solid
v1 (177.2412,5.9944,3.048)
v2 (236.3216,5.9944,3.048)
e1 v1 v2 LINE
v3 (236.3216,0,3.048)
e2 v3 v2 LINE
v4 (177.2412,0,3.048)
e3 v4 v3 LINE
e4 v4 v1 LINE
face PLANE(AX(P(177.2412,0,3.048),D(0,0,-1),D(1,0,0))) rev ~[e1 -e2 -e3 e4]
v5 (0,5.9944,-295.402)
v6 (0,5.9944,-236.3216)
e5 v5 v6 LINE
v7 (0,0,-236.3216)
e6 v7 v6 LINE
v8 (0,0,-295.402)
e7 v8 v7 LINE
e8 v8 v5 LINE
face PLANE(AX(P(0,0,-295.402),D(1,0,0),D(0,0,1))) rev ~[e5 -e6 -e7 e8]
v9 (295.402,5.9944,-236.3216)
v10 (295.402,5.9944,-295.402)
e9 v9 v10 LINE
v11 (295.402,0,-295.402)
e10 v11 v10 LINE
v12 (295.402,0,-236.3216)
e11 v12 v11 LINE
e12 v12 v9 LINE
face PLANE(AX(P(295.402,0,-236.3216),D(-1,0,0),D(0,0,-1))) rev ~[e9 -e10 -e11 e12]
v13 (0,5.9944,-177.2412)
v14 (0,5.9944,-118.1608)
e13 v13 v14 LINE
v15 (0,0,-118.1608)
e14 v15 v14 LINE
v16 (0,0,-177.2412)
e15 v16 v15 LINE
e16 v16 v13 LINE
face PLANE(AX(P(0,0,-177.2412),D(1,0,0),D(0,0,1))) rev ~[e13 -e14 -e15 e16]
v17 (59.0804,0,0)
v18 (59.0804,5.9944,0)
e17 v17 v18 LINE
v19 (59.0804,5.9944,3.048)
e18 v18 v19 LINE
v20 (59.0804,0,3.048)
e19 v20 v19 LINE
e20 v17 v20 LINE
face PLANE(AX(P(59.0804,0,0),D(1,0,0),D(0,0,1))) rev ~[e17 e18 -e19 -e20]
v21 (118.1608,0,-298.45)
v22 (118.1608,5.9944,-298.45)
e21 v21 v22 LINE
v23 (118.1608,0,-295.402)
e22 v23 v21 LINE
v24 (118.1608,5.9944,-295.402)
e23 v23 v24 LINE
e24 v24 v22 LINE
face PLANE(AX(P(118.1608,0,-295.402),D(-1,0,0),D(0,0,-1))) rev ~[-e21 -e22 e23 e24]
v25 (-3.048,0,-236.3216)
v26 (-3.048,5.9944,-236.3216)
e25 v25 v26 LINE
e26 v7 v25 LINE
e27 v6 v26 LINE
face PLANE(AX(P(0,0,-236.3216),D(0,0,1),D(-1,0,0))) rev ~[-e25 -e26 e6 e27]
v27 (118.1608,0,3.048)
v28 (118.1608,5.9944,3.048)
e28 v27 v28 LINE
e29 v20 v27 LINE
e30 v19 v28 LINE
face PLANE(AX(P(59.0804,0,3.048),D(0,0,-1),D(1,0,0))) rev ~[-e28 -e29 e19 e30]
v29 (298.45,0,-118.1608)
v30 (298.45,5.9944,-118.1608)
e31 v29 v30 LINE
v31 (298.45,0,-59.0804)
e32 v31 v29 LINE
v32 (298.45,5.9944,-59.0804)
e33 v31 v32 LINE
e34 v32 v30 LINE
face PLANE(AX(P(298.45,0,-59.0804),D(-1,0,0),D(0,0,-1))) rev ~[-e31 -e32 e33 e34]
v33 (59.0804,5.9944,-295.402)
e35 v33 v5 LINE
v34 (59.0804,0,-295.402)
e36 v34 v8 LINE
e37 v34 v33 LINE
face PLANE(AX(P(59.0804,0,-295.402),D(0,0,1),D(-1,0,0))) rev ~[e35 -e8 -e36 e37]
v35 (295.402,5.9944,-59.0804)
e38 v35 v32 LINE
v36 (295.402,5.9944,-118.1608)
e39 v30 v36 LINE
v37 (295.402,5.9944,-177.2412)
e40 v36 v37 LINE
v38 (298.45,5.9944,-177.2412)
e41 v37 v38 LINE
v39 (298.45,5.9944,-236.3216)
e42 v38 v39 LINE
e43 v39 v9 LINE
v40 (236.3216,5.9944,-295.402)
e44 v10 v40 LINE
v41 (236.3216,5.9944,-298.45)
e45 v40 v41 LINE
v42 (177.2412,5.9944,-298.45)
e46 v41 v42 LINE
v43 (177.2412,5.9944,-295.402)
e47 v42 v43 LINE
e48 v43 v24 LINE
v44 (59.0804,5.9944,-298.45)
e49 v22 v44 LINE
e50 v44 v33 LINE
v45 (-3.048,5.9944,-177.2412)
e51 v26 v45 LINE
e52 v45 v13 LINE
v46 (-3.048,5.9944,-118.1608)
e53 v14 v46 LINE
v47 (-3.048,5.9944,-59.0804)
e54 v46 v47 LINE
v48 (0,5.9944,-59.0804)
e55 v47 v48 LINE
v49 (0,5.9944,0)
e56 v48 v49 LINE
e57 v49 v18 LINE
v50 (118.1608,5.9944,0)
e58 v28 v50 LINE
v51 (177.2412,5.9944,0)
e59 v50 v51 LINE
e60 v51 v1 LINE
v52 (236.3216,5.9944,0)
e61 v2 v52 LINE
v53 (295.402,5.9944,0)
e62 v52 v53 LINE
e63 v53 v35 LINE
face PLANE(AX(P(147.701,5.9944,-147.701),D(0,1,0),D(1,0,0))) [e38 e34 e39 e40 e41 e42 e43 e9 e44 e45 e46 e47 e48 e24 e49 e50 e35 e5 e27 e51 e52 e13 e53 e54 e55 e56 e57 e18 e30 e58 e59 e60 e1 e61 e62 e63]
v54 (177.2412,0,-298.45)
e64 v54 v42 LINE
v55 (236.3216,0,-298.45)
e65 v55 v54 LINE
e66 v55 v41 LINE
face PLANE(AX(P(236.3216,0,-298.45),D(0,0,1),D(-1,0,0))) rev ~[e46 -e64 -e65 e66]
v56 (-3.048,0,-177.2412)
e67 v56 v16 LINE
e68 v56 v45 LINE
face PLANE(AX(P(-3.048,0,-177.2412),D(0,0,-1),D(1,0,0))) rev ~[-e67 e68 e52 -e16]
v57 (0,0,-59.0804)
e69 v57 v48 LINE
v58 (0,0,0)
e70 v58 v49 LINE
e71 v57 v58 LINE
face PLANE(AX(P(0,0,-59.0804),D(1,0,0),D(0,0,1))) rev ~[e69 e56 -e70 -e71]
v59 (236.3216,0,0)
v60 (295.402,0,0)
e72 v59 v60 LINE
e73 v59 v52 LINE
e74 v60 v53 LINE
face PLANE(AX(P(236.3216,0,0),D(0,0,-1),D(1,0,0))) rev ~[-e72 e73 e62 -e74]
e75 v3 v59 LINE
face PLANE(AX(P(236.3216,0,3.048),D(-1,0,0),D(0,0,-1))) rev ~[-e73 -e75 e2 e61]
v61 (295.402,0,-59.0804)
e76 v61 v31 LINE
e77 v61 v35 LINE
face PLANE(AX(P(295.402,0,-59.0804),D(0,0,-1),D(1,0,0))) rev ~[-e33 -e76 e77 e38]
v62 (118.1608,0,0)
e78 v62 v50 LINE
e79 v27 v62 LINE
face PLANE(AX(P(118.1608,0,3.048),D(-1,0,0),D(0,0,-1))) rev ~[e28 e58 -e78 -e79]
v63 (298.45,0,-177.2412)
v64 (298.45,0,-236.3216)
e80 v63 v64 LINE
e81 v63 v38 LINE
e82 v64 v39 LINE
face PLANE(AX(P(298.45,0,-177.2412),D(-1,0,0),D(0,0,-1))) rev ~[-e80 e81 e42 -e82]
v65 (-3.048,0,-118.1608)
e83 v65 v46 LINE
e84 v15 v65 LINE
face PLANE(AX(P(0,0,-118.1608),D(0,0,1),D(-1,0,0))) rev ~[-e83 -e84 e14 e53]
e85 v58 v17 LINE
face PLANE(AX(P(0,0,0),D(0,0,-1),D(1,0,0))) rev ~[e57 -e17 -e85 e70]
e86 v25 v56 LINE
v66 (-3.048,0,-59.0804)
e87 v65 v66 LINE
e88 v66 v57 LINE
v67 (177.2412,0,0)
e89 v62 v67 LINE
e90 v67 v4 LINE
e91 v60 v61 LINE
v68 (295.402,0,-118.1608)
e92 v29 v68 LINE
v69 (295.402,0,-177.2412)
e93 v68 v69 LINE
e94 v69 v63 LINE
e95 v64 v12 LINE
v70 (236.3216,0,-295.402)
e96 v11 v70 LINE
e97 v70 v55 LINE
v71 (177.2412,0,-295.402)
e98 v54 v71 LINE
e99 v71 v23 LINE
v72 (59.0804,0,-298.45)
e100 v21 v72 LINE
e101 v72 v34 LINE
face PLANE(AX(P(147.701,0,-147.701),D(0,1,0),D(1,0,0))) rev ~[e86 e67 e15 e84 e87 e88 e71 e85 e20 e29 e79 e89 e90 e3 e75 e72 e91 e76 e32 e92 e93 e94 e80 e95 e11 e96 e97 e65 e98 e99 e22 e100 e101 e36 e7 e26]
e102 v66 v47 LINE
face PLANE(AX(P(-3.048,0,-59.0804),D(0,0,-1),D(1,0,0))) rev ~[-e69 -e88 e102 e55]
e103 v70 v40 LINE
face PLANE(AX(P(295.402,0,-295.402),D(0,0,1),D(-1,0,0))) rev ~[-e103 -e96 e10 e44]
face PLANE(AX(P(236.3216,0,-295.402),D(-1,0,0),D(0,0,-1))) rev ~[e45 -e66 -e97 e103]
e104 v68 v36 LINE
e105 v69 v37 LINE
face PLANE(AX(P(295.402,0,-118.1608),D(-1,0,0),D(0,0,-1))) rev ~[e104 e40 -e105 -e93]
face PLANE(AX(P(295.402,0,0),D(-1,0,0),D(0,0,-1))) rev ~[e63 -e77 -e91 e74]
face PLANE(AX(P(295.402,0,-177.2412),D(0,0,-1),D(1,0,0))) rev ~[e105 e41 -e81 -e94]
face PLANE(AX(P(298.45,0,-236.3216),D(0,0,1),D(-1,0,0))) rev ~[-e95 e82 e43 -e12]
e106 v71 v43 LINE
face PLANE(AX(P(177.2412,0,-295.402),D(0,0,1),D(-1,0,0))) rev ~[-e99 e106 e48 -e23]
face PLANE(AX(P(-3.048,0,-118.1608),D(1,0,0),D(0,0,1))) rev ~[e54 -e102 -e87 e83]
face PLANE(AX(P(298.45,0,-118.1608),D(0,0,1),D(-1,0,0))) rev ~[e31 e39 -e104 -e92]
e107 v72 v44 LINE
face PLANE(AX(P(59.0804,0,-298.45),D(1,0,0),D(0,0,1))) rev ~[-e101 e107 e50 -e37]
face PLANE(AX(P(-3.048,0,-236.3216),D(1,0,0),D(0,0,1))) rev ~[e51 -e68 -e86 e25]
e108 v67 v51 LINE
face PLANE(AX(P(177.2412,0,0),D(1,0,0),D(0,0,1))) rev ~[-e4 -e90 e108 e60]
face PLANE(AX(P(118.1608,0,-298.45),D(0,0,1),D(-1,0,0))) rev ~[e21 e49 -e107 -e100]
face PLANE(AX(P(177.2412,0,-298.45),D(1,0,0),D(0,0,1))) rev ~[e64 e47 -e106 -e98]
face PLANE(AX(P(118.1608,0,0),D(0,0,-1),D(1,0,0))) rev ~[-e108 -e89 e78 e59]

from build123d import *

# Parameters (mm, degrees)
BOSS_EXTRUDE1_DEPTH = 5.9944


with BuildPart() as part:
    # Sketch1 → Boss-Extrude1 (new body)
    with BuildSketch(Plane(origin=(0, 0, 0), x_dir=(1, 0, 0), z_dir=(0, 1, 0))):
        Polygon((0, 0), (59.0804, 0), (59.0804, -3.048), (118.1608, -3.048), (118.1608, 0), (177.2412, 0), (177.2412, -3.048), (236.3216, -3.048), (236.3216, 0), (295.402, 0), (295.402, 59.0804), (298.45, 59.0804), (298.45, 118.1608), (295.402, 118.1608), (295.402, 177.2412), (298.45, 177.2412), (298.45, 236.3216), (295.402, 236.3216), (295.402, 295.402), (236.3216, 295.402), (236.3216, 298.45), (177.2412, 298.45), (177.2412, 295.402), (118.1608, 295.402), (118.1608, 298.45), (59.0804, 298.45), (59.0804, 295.402), (0, 295.402), (0, 236.3216), (-3.048, 236.3216), (-3.048, 177.2412), (0, 177.2412), (0, 118.1608), (-3.048, 118.1608), (-3.048, 59.0804), (0, 59.0804), align=None)
    extrude(amount=BOSS_EXTRUDE1_DEPTH)


solid = part.part
